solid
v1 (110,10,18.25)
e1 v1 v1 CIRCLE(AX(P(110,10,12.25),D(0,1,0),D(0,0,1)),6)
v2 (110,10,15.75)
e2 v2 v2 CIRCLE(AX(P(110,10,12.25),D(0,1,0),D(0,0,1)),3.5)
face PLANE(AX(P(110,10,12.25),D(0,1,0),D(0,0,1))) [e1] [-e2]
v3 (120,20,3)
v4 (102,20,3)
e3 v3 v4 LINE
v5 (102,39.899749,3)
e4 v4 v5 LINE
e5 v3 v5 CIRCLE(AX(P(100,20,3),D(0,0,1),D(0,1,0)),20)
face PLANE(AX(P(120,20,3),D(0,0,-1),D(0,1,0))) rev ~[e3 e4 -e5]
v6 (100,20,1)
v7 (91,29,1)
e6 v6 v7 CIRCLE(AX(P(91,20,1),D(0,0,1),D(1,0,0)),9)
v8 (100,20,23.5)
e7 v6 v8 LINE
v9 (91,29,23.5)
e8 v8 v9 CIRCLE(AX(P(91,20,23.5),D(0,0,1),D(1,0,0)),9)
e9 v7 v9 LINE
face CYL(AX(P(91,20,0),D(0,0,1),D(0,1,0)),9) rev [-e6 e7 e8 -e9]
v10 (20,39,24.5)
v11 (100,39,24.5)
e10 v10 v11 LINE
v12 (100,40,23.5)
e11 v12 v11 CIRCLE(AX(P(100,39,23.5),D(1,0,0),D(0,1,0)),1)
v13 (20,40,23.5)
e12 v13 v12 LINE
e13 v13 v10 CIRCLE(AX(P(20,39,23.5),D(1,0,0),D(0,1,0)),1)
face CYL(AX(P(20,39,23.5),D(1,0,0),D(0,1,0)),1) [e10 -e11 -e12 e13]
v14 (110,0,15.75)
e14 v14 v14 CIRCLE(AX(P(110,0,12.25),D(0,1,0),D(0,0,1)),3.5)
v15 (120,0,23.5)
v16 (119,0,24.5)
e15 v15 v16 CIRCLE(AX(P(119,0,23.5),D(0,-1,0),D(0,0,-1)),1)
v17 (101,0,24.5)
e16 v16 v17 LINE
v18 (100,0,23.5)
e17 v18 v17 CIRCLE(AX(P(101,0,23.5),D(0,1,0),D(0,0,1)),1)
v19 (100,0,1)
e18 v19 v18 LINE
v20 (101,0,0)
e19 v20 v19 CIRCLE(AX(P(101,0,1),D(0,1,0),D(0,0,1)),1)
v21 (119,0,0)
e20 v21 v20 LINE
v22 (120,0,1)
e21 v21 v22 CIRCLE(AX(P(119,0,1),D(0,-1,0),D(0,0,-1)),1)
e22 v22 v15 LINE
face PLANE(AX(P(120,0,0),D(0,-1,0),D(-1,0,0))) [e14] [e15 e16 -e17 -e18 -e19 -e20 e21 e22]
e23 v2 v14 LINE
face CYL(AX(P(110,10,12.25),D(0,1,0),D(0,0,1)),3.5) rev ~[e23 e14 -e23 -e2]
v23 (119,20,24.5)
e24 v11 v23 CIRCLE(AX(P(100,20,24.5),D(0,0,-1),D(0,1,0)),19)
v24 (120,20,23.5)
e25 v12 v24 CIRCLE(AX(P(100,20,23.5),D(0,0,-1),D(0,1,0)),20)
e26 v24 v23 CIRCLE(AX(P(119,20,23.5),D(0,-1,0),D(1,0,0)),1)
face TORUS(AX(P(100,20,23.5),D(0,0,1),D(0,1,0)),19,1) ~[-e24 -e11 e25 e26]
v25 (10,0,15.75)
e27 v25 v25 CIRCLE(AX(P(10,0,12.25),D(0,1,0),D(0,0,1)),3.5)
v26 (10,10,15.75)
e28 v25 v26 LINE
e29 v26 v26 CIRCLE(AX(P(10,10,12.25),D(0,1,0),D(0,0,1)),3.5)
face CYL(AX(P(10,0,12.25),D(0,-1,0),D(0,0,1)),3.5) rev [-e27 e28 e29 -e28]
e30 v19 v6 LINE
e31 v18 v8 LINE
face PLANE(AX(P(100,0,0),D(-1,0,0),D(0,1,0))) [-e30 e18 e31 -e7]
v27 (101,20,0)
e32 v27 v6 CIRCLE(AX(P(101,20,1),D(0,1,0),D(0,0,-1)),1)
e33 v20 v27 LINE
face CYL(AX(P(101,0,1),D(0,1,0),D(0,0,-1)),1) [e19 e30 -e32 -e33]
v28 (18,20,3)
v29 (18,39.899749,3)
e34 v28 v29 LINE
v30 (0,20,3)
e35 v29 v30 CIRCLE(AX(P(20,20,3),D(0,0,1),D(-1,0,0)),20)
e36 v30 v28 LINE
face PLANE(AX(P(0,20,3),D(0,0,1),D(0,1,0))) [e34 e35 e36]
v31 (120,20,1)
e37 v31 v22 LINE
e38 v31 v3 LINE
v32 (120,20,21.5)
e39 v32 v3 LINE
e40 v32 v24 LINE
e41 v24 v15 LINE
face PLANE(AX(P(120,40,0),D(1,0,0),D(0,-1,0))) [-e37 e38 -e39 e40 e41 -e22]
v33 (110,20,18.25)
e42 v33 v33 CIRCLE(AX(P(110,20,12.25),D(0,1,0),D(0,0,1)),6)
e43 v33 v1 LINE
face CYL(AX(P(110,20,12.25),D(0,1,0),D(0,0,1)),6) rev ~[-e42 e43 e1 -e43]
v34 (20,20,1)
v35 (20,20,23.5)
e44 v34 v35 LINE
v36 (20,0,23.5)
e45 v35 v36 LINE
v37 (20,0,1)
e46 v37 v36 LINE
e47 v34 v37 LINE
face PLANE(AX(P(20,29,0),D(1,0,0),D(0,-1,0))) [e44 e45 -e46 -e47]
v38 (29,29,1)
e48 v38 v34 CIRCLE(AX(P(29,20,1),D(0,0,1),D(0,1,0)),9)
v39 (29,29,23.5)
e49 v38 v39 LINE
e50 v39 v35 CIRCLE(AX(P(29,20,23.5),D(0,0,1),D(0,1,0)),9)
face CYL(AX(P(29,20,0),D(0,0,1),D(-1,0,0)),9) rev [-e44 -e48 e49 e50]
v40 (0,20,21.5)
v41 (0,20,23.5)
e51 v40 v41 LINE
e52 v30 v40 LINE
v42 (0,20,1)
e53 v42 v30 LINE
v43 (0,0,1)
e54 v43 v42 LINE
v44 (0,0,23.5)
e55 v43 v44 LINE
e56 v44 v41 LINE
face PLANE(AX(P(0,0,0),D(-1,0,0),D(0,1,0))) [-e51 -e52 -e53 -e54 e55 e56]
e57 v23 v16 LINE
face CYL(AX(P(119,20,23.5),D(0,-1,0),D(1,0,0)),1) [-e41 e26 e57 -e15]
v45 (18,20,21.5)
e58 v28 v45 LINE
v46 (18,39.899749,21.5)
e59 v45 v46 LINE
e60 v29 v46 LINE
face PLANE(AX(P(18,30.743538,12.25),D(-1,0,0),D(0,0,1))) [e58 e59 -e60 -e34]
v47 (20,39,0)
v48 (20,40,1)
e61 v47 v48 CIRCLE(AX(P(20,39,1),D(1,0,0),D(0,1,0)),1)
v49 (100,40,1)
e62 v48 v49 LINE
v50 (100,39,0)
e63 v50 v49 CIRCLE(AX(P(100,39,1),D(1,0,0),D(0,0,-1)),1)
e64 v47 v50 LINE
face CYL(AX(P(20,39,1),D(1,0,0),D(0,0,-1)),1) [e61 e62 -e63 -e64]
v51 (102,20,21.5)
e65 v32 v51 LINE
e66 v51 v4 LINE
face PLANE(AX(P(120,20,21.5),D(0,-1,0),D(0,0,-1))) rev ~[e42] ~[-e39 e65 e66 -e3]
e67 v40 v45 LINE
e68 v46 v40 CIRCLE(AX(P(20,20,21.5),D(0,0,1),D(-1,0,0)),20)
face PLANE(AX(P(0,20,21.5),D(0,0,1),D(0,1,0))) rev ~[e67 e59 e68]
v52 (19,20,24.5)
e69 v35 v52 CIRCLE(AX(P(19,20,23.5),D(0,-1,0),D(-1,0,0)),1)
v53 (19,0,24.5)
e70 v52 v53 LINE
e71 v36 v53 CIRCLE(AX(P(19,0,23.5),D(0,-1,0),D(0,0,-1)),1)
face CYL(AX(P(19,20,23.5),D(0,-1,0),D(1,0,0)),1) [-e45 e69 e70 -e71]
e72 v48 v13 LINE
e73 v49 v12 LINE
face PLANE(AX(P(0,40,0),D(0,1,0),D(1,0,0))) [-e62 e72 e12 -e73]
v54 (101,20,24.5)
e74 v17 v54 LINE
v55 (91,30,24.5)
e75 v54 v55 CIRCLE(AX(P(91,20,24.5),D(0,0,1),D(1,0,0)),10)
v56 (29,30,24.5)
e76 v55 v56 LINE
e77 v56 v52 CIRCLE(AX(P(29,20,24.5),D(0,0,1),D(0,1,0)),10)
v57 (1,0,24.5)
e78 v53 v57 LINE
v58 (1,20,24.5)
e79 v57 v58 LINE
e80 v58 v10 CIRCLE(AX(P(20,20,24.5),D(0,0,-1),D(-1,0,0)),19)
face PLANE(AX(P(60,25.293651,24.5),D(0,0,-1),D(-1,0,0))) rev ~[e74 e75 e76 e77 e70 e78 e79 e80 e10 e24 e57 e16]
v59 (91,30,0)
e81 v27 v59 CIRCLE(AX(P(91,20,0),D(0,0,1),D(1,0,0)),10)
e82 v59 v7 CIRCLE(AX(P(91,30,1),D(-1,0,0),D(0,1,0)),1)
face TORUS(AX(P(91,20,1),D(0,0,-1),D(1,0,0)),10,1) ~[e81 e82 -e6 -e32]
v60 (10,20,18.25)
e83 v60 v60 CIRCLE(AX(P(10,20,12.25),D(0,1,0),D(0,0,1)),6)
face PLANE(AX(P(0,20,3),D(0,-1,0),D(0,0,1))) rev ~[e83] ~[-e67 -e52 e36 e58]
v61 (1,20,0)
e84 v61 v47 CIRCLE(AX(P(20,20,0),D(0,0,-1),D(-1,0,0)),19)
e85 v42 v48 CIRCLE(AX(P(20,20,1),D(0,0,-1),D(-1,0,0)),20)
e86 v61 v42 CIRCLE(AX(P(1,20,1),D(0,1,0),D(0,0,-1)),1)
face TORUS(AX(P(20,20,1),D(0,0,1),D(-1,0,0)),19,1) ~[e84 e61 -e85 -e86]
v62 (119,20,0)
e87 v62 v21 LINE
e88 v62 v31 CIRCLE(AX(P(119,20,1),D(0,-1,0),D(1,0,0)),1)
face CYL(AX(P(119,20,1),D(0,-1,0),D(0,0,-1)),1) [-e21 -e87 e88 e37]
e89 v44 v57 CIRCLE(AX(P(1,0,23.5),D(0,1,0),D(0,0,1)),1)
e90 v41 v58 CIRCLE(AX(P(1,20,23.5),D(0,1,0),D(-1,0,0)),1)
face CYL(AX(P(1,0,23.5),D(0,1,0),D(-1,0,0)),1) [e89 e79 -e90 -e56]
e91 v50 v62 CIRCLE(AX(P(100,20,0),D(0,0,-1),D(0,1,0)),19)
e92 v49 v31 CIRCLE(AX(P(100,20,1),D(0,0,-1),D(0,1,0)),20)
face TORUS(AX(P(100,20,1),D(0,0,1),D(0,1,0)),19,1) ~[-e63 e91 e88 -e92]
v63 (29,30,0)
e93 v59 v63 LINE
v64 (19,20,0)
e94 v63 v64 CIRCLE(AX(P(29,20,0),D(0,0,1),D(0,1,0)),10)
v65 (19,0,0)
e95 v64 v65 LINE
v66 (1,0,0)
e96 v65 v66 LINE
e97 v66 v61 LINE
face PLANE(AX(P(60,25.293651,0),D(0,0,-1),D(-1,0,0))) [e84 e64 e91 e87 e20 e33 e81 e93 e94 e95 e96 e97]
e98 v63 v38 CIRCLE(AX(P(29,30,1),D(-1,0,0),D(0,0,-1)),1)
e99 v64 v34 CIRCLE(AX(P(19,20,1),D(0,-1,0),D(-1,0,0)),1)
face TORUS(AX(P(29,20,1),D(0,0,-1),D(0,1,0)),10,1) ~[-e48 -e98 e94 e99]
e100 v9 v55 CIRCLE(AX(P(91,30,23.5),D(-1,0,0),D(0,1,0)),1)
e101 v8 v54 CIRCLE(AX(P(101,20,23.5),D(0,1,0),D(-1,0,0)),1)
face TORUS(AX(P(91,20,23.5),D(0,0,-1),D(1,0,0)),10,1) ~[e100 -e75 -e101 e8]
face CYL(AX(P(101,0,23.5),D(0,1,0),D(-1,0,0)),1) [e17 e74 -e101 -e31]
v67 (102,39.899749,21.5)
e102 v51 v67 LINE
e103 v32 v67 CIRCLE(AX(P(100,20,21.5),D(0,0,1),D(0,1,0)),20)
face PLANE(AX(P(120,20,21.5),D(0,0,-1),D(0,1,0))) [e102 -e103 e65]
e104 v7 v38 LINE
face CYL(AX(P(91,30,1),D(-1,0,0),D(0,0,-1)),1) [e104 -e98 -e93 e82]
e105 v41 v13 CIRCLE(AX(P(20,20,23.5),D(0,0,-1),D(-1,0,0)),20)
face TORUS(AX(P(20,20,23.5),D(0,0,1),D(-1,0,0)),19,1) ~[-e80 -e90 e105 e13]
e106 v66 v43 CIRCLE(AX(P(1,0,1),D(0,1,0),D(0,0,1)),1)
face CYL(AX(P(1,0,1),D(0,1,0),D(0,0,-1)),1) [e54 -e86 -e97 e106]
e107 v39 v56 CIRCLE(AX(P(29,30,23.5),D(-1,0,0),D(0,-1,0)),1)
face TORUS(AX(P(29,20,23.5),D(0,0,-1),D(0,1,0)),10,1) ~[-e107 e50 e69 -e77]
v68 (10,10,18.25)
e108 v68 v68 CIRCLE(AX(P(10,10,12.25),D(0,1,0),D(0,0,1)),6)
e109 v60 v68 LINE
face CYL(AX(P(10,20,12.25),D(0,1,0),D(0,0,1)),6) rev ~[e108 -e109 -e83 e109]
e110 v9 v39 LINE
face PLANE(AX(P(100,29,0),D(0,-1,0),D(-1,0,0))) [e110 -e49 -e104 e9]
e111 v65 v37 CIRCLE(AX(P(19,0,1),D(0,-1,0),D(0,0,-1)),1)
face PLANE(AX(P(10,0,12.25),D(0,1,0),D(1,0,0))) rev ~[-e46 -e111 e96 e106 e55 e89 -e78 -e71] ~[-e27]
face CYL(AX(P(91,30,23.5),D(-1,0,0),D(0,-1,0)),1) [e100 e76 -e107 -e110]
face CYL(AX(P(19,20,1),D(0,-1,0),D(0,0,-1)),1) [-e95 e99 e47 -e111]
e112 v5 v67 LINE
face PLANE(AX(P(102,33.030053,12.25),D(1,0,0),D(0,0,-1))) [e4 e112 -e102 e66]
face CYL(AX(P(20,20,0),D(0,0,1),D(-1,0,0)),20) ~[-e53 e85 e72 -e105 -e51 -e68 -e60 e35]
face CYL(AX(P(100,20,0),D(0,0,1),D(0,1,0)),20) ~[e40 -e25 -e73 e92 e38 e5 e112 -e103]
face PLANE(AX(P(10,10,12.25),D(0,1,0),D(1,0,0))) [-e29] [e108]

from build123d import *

# Parameters (mm, degrees)
EXTRUDE_1_DEPTH     = 24.5
FILLET_1_R          = 20
FILLET_2_R          = 9
SKETCH_2_W          = 18.5
SKETCH_2_H          = 26.060105981
CUT_EXTRUDE_1_DEPTH = 18
SKETCH_3_W          = 18.5
SKETCH_3_H          = 21.487076152
CUT_EXTRUDE_2_DEPTH = 18
FILLET_3_R          = 1
SKETCH_6_R          = 4
SKETCH_6_R_2        = 3.25
CUT_EXTRUDE_3_DEPTH = 129.841957452
SKETCH_7_R          = 6
CUT_EXTRUDE_4_DEPTH = 10
SKETCH_8_R          = 3.5
CUT_EXTRUDE_5_DEPTH = 127.09619344
EXTRUDE_START       = -10
SKETCH_9_R          = 4
SKETCH_9_R_2        = 3.5
EXTRUDE_2_DEPTH     = 10


with BuildPart() as part:
    # Эскиз1 → Бобышка-Вытянуть1 (new body)
    with BuildSketch(Plane.XY):
        Polygon((0, 0), (0, 40), (120, 40), (120, 0), (100, 0), (100, 29), (20, 29), (20, 0), align=None)
    extrude(amount=EXTRUDE_1_DEPTH)

    # Скругление1
    fillet_1_edges = [part.edges().sort_by_distance(p)[0] for p in [
        (0, 40, 12.25),
        (120, 40, 12.25),
    ]]
    fillet(fillet_1_edges, radius=FILLET_1_R)

    # Скругление2
    fillet_2_edges = [part.edges().sort_by_distance(p)[0] for p in [
        (100, 29, 12.25),
        (20, 29, 12.25),
    ]]
    fillet(fillet_2_edges, radius=FILLET_2_R)

    # Эскиз2 → Вырез-Вытянуть1 (cut)
    with BuildSketch(Plane(origin=(120, 0, 0), x_dir=(0, 0, -1), z_dir=(1, 0, 0))):
        with Locations((-12.25, 33.03005299)):
            Rectangle(SKETCH_2_W, SKETCH_2_H)
    extrude(amount=-CUT_EXTRUDE_1_DEPTH, mode=Mode.SUBTRACT)

    # Эскиз3 → Вырез-Вытянуть2 (cut)
    with BuildSketch(Plane.ZY):
        with Locations((12.25, 30.743538076)):
            Rectangle(SKETCH_3_W, SKETCH_3_H)
    extrude(amount=-CUT_EXTRUDE_2_DEPTH, mode=Mode.SUBTRACT)

    # Скругление3
    fillet_3_edges = [part.edges().sort_by_distance(p)[0] for p in [
        (20, 10, 0),
        (120, 10, 24.5),
        (0, 10, 0),
        (0, 10, 24.5),
        (60, 40, 0),
        (114.142135624, 34.142135624, 0),
        (5.857864376, 34.142135624, 0),
        (60, 40, 24.5),
        (114.142135624, 34.142135624, 24.5),
        (5.857864376, 34.142135624, 24.5),
        (60, 29, 0),
        (60, 29, 24.5),
        (100, 10, 0),
        (100, 10, 24.5),
        (22.636038969, 26.363961031, 0),
        (22.636038969, 26.363961031, 24.5),
        (97.363961031, 26.363961031, 0),
        (97.363961031, 26.363961031, 24.5),
        (20, 10, 24.5),
        (120, 10, 0),
    ]]
    fillet(fillet_3_edges, radius=FILLET_3_R)

    # Эскиз6 → Вырез-Вытянуть3 (cut, through all)
    with BuildSketch(Plane(origin=(0, 0, 0), x_dir=(-1, 0, 0), z_dir=(0, -1, 0))):
        with Locations(Location((-10, -12.25, 0), (0, 0, 180))):
            Circle(SKETCH_6_R)
        with Locations(Location((-110, -12.25, 0), (0, 0, 180))):
            Circle(SKETCH_6_R_2)
    extrude(amount=-CUT_EXTRUDE_3_DEPTH, mode=Mode.SUBTRACT)

    # Эскиз7 → Вырез-Вытянуть4 (cut)
    with BuildSketch(Plane(origin=(0, 20, 0), x_dir=(1, 0, 0), z_dir=(0, 1, 0))):
        with Locations(Location((10, -12.25, 0), (0, 0, 270))):
            Circle(SKETCH_7_R)
        with Locations(Location((110, -12.25, 0), (0, 0, 270))):
            Circle(SKETCH_7_R)
    extrude(amount=-CUT_EXTRUDE_4_DEPTH, mode=Mode.SUBTRACT)

    # Эскиз8 → Вырез-Вытянуть5 (cut, through all)
    with BuildSketch(Plane(origin=(0, 10, 0), x_dir=(1, 0, 0), z_dir=(0, 1, 0))):
        with Locations(Location((110, -12.25, 0), (0, 0, 270))):
            Circle(SKETCH_8_R)
    extrude(amount=-CUT_EXTRUDE_5_DEPTH, mode=Mode.SUBTRACT)

    # Эскиз9 → Бобышка-Вытянуть2 (add)
    with BuildSketch(Plane(origin=(0, 10, 0), x_dir=(1, 0, 0), z_dir=(0, 1, 0)).offset(EXTRUDE_START)):
        with Locations((10, -12.25)):
            Circle(SKETCH_9_R)
        with Locations(Location((10, -12.25, 0), (0, 0, 270))):
            Circle(SKETCH_9_R_2, mode=Mode.SUBTRACT)
    extrude(amount=EXTRUDE_2_DEPTH)


solid = part.part
